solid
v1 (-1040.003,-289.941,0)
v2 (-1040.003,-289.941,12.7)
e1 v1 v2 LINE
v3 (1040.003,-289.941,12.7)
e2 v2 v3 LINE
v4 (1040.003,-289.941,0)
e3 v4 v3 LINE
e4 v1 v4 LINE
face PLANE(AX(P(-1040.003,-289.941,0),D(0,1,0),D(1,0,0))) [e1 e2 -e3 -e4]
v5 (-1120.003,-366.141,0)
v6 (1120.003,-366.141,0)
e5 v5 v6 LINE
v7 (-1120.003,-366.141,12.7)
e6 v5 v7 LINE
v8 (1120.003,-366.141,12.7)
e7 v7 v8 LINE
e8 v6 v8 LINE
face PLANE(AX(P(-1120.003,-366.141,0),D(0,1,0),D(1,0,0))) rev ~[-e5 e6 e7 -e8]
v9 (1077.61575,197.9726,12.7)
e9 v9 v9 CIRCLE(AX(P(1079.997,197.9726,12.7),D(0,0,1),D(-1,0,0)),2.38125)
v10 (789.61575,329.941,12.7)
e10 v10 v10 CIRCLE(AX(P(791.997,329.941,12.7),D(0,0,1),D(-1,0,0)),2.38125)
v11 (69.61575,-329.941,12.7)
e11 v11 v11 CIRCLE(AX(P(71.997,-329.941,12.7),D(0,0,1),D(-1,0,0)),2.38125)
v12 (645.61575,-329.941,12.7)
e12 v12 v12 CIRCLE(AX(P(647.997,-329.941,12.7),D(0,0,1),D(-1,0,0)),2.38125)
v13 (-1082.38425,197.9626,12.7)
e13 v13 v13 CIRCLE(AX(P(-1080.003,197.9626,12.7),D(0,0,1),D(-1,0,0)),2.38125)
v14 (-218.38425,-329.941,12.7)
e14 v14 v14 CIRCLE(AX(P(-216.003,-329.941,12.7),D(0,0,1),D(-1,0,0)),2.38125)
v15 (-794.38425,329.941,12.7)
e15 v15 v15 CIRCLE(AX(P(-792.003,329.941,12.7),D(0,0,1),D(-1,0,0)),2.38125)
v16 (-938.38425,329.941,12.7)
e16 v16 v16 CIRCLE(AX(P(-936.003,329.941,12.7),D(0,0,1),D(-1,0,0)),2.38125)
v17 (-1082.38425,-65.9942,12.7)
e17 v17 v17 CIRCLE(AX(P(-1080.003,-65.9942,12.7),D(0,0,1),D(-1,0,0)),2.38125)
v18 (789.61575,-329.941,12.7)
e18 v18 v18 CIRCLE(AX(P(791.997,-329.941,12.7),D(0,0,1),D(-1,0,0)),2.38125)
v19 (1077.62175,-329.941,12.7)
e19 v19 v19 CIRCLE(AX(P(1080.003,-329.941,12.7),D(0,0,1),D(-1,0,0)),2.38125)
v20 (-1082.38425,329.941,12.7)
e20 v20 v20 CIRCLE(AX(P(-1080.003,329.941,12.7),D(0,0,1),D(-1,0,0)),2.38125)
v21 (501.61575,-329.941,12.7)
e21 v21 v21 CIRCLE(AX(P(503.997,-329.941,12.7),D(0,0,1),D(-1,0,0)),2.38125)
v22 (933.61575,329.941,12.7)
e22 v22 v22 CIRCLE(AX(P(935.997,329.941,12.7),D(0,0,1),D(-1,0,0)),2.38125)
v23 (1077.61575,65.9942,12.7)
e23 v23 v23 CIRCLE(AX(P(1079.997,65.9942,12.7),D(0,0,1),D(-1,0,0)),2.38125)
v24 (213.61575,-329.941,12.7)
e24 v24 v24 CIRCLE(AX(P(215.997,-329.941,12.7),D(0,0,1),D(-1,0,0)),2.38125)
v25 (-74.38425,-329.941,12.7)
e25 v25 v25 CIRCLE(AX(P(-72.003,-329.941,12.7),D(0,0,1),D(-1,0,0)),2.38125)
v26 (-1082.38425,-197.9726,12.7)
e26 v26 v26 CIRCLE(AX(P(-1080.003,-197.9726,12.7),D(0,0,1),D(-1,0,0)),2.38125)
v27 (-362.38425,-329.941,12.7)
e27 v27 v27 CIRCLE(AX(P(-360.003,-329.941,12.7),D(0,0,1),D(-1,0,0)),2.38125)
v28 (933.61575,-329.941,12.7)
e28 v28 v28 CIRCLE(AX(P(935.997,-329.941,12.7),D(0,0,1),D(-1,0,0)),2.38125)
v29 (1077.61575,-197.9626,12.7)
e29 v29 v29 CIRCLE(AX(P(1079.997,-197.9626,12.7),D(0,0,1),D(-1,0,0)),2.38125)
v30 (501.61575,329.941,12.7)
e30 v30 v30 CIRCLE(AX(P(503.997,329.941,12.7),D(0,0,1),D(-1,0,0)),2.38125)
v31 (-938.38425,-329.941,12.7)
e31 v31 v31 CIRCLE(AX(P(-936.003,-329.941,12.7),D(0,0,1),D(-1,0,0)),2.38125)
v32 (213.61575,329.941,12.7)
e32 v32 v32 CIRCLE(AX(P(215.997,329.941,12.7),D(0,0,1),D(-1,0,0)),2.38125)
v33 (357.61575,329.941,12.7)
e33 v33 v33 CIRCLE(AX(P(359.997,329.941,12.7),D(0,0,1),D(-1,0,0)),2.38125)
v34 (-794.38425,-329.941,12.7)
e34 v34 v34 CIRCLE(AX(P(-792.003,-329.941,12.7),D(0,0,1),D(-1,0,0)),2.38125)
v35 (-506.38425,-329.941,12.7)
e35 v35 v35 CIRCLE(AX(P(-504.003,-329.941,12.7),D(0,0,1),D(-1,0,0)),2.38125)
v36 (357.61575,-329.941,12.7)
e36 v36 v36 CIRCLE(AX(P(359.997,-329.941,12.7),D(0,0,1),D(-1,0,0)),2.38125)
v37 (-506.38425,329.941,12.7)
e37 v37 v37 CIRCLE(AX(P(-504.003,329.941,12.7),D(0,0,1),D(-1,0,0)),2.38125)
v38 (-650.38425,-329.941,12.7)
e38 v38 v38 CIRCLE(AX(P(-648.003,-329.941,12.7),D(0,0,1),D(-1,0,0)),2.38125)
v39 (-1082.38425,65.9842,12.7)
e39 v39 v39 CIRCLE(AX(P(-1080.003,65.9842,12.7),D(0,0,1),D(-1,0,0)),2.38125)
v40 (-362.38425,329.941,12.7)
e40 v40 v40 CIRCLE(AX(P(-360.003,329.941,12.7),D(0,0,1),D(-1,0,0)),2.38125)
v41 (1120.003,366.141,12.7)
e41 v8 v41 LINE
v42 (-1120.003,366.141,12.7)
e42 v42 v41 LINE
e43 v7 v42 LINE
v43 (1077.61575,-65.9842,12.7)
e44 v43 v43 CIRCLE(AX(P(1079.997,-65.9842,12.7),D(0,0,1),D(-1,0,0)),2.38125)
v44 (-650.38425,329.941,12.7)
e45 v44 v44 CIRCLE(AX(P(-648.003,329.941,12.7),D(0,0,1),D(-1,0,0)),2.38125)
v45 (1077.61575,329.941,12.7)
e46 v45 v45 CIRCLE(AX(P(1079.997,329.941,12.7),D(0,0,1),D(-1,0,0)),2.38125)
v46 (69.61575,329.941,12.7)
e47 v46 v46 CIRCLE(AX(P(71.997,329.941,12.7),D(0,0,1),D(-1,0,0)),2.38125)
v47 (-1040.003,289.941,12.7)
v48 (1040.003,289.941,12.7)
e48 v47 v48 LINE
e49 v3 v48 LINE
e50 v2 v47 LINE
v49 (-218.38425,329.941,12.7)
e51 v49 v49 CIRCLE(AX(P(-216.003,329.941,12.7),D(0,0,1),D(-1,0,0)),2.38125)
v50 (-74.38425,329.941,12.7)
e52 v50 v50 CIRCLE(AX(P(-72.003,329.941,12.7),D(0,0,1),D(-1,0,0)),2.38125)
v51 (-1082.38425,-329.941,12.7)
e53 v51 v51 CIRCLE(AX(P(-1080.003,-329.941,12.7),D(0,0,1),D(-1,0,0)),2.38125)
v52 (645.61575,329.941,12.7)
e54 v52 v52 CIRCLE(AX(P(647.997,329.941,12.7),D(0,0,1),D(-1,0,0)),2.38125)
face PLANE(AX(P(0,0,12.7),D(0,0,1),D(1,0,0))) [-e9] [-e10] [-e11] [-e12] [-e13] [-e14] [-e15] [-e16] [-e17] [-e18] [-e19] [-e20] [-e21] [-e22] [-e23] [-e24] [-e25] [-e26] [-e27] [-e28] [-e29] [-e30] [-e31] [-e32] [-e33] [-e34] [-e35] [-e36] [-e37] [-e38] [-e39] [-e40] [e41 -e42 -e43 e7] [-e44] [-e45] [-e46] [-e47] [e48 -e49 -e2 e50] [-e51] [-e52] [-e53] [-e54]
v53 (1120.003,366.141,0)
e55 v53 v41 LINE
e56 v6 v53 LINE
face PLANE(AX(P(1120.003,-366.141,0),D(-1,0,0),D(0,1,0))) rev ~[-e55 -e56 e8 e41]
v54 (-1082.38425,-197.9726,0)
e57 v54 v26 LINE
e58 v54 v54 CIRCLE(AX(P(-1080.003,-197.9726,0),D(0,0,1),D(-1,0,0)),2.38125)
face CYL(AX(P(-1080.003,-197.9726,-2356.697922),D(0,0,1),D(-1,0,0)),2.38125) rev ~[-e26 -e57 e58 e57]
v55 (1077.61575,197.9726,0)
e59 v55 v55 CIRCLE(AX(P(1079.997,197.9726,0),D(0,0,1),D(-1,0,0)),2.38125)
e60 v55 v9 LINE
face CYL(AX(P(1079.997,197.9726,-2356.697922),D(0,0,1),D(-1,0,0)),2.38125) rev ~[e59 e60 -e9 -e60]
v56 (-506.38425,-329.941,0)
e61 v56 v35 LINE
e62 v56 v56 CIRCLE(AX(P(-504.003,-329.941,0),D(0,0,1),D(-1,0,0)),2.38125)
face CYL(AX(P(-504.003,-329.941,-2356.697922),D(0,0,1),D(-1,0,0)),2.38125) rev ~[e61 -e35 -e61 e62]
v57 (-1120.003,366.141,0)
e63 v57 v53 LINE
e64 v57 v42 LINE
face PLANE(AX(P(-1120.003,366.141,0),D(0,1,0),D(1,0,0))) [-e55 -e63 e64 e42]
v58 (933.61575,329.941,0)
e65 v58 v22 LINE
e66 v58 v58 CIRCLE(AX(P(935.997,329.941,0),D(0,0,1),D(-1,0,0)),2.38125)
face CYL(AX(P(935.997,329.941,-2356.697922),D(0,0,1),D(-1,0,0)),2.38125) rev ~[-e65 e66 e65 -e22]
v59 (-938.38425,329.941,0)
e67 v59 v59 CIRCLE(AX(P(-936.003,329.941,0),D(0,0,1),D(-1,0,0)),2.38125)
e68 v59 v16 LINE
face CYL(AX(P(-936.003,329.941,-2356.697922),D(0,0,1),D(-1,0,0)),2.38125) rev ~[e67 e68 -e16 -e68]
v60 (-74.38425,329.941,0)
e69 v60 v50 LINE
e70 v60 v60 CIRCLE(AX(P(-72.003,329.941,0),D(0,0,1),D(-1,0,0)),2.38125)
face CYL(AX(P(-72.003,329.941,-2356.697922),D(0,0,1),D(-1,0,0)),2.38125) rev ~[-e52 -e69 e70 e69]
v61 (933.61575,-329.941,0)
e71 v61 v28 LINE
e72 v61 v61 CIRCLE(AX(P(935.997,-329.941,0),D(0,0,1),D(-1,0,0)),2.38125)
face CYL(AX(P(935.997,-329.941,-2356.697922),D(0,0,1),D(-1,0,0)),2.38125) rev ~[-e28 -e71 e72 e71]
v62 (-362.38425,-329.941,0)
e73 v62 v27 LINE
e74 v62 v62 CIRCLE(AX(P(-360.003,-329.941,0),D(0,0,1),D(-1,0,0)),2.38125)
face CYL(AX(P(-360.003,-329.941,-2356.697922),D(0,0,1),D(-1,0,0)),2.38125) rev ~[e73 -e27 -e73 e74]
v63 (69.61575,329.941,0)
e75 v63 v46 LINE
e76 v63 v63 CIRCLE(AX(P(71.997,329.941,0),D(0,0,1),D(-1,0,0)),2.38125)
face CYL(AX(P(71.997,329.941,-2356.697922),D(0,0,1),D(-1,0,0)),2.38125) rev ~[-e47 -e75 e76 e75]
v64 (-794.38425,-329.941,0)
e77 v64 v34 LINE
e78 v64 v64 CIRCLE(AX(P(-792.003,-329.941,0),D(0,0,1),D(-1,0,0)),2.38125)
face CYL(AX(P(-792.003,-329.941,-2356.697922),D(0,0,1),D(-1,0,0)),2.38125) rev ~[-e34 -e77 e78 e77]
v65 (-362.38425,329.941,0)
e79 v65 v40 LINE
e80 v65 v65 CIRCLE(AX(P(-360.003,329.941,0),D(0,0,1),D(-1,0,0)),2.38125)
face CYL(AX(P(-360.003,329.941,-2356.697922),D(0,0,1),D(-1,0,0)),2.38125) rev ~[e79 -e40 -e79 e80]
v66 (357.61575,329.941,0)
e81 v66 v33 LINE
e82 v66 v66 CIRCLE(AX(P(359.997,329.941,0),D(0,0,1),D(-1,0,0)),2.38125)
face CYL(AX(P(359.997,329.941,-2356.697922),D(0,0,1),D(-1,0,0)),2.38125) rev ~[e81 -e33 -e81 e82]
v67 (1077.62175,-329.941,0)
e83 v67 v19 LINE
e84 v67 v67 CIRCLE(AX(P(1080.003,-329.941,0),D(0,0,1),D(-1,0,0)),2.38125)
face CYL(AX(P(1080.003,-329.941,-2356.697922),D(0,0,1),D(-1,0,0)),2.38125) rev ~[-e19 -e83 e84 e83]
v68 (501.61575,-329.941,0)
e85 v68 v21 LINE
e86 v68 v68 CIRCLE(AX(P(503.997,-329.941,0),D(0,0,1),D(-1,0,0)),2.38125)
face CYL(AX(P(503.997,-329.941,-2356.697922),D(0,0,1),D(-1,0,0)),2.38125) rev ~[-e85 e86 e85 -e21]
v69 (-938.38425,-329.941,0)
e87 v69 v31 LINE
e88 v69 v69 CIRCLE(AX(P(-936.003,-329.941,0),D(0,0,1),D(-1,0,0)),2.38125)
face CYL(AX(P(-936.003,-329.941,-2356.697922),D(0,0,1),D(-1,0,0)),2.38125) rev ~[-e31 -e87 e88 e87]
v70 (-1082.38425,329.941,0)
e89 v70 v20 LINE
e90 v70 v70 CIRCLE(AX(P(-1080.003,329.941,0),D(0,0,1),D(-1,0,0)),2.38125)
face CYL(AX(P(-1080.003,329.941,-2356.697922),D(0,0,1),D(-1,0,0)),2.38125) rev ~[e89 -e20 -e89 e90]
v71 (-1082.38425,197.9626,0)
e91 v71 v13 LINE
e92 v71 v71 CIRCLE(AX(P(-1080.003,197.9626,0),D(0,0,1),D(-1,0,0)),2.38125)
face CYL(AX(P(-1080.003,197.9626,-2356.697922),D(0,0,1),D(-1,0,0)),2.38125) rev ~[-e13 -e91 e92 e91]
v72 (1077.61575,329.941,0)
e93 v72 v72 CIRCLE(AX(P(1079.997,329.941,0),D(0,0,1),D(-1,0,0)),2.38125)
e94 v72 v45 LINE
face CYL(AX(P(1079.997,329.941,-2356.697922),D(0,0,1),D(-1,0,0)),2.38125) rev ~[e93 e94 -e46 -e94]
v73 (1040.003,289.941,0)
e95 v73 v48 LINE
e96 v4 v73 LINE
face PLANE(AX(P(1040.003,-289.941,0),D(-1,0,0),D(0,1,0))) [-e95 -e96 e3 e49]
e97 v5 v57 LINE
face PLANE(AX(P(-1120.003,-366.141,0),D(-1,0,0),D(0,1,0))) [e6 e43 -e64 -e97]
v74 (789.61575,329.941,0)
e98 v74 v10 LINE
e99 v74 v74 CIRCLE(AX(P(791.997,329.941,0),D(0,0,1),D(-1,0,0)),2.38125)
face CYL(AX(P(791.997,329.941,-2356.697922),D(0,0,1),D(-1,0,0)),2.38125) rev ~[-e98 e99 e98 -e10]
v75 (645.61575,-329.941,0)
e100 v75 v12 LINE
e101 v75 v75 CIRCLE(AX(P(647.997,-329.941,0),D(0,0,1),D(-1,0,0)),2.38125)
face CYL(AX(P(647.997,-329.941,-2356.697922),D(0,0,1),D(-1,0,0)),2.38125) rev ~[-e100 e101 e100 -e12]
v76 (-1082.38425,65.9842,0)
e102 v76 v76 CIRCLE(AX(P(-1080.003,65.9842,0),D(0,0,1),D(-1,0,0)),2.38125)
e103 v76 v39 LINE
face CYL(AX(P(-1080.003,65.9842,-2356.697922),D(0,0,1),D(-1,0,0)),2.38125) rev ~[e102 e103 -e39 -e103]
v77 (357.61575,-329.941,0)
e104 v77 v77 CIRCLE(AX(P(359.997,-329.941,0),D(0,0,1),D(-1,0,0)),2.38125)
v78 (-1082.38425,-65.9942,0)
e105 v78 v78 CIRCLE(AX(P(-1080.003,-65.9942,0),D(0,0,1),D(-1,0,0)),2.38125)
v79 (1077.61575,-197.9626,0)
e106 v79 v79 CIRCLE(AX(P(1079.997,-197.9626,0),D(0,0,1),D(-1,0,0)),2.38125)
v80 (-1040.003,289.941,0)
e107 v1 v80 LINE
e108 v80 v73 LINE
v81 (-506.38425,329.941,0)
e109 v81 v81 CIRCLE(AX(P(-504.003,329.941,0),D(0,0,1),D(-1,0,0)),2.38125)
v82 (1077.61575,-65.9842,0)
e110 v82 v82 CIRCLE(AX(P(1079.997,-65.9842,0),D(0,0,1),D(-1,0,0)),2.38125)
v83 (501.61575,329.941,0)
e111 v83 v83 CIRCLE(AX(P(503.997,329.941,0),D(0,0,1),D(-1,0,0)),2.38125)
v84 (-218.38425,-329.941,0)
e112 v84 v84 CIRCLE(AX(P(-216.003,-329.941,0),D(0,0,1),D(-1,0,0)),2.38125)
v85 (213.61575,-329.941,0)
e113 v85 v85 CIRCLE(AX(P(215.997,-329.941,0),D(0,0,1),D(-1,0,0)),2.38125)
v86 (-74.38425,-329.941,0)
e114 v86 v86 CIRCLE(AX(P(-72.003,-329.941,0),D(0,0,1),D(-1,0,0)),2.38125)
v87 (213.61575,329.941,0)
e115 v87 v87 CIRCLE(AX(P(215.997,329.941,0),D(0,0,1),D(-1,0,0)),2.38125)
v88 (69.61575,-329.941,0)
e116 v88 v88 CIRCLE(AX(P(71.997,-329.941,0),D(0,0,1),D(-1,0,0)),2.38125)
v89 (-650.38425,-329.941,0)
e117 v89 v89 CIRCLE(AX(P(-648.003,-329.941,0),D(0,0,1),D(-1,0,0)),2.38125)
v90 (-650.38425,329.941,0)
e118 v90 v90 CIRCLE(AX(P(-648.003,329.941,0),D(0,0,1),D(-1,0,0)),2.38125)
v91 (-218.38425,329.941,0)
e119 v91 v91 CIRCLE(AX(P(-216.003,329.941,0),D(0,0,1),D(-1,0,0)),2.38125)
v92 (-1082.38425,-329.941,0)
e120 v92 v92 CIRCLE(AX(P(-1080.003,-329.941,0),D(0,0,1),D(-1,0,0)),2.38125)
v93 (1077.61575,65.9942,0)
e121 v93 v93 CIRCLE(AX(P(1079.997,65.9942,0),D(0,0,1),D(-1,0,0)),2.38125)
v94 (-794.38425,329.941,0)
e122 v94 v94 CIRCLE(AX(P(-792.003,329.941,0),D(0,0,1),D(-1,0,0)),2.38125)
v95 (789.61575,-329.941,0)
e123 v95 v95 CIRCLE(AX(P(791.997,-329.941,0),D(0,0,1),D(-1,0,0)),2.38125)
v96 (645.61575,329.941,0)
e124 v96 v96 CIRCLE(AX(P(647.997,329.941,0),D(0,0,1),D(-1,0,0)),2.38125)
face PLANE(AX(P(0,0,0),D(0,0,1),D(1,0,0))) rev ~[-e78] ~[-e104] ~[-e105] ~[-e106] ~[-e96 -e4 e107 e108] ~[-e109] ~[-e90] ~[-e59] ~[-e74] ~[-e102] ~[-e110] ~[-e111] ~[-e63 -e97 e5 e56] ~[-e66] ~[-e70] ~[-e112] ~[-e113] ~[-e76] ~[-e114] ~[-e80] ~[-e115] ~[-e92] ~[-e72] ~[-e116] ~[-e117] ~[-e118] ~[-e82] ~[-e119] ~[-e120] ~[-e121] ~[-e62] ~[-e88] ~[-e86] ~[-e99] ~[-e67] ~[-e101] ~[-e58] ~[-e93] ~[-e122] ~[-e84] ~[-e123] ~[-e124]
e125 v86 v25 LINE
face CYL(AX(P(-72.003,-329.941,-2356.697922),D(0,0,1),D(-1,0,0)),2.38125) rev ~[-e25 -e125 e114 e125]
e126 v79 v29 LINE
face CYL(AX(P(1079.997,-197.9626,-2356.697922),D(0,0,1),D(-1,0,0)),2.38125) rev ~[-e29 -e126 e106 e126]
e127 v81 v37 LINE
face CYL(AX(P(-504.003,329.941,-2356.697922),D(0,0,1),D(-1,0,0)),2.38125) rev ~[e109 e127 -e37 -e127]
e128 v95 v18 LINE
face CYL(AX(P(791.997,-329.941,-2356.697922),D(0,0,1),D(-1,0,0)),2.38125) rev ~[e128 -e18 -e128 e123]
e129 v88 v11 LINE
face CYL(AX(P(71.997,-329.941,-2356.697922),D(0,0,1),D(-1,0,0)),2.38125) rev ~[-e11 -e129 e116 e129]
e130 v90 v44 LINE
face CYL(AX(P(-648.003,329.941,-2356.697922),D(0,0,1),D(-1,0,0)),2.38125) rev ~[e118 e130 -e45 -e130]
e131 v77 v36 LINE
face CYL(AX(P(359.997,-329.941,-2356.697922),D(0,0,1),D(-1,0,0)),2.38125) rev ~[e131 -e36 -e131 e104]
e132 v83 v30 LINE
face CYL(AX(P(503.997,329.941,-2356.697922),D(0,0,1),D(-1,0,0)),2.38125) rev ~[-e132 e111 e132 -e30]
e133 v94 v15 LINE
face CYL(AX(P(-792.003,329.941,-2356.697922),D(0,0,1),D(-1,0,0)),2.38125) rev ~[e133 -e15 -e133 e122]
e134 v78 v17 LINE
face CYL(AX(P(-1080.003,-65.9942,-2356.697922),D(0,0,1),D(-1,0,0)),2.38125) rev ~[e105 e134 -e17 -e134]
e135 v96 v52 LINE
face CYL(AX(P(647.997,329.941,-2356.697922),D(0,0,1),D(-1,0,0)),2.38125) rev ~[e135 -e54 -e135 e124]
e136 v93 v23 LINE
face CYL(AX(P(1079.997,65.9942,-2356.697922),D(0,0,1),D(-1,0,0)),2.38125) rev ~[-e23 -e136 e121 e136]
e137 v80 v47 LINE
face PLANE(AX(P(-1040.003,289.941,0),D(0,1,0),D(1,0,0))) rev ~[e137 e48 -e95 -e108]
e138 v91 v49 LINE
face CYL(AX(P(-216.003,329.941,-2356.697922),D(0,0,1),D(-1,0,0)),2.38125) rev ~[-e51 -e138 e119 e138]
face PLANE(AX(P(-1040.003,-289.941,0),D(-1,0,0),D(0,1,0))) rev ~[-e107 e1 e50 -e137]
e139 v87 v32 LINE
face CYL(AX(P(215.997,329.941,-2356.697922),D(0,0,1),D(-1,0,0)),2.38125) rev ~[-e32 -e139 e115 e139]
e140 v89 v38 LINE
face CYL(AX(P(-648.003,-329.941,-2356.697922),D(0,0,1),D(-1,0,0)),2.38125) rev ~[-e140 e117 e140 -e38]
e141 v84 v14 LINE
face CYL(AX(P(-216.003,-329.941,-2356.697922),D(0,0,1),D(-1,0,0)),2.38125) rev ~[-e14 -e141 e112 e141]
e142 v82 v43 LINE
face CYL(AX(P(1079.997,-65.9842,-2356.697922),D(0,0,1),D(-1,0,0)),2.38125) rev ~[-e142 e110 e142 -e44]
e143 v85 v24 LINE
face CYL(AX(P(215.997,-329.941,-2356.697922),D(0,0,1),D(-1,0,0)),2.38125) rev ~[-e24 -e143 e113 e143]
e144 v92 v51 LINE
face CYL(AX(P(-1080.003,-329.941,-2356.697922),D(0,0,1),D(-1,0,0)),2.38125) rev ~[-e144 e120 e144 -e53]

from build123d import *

# Parameters (mm, degrees)
F0_W     = 2240.006
F0_H     = 732.282
F0_W_2   = 2080.006
F0_H_2   = 579.882
F1_DEPTH = 12.7
F2_D     = 4.7625


with BuildPart() as f1:
    # F0 (on Top) → F1 (new body)
    with BuildSketch(Plane.XY):
        Rectangle(F0_W, F0_H)
        Rectangle(F0_W_2, F0_H_2, mode=Mode.SUBTRACT)
    extrude(amount=F1_DEPTH)

    # F2 (through all)
    with Locations(Plane(origin=(0, 0, 0), x_dir=(1, 0, 0), z_dir=(0, 0, -1))):
        with Locations((-936.003, -329.941), (-792.003, -329.941), (-648.003, -329.941), (-504.003, -329.941), (-360.003, -329.941), (-1080.003, -329.941), (-1080.003, -197.9626), (-1080.003, -65.9842), (-1080.003, 197.9726), (-1080.003, 329.941), (-936.003, 329.941), (-792.003, 329.941), (-1080.003, 65.9942), (-648.003, 329.941), (-504.003, 329.941), (-360.003, 329.941), (-216.003, 329.941), (-72.003, 329.941), (215.997, 329.941), (71.997, 329.941), (359.997, 329.941), (503.997, 329.941), (647.997, 329.941), (791.997, 329.941), (935.997, 329.941), (1080.003, 329.941), (1079.997, 197.9626), (1079.997, 65.9842), (1079.997, -65.9942), (1079.997, -197.9726), (1079.997, -329.941), (935.997, -329.941), (791.997, -329.941), (647.997, -329.941), (503.997, -329.941), (359.997, -329.941), (215.997, -329.941), (71.997, -329.941), (-72.003, -329.941), (-216.003, -329.941), (-72.003, -329.941)):
            Hole(F2_D / 2)


solid = f1.part
